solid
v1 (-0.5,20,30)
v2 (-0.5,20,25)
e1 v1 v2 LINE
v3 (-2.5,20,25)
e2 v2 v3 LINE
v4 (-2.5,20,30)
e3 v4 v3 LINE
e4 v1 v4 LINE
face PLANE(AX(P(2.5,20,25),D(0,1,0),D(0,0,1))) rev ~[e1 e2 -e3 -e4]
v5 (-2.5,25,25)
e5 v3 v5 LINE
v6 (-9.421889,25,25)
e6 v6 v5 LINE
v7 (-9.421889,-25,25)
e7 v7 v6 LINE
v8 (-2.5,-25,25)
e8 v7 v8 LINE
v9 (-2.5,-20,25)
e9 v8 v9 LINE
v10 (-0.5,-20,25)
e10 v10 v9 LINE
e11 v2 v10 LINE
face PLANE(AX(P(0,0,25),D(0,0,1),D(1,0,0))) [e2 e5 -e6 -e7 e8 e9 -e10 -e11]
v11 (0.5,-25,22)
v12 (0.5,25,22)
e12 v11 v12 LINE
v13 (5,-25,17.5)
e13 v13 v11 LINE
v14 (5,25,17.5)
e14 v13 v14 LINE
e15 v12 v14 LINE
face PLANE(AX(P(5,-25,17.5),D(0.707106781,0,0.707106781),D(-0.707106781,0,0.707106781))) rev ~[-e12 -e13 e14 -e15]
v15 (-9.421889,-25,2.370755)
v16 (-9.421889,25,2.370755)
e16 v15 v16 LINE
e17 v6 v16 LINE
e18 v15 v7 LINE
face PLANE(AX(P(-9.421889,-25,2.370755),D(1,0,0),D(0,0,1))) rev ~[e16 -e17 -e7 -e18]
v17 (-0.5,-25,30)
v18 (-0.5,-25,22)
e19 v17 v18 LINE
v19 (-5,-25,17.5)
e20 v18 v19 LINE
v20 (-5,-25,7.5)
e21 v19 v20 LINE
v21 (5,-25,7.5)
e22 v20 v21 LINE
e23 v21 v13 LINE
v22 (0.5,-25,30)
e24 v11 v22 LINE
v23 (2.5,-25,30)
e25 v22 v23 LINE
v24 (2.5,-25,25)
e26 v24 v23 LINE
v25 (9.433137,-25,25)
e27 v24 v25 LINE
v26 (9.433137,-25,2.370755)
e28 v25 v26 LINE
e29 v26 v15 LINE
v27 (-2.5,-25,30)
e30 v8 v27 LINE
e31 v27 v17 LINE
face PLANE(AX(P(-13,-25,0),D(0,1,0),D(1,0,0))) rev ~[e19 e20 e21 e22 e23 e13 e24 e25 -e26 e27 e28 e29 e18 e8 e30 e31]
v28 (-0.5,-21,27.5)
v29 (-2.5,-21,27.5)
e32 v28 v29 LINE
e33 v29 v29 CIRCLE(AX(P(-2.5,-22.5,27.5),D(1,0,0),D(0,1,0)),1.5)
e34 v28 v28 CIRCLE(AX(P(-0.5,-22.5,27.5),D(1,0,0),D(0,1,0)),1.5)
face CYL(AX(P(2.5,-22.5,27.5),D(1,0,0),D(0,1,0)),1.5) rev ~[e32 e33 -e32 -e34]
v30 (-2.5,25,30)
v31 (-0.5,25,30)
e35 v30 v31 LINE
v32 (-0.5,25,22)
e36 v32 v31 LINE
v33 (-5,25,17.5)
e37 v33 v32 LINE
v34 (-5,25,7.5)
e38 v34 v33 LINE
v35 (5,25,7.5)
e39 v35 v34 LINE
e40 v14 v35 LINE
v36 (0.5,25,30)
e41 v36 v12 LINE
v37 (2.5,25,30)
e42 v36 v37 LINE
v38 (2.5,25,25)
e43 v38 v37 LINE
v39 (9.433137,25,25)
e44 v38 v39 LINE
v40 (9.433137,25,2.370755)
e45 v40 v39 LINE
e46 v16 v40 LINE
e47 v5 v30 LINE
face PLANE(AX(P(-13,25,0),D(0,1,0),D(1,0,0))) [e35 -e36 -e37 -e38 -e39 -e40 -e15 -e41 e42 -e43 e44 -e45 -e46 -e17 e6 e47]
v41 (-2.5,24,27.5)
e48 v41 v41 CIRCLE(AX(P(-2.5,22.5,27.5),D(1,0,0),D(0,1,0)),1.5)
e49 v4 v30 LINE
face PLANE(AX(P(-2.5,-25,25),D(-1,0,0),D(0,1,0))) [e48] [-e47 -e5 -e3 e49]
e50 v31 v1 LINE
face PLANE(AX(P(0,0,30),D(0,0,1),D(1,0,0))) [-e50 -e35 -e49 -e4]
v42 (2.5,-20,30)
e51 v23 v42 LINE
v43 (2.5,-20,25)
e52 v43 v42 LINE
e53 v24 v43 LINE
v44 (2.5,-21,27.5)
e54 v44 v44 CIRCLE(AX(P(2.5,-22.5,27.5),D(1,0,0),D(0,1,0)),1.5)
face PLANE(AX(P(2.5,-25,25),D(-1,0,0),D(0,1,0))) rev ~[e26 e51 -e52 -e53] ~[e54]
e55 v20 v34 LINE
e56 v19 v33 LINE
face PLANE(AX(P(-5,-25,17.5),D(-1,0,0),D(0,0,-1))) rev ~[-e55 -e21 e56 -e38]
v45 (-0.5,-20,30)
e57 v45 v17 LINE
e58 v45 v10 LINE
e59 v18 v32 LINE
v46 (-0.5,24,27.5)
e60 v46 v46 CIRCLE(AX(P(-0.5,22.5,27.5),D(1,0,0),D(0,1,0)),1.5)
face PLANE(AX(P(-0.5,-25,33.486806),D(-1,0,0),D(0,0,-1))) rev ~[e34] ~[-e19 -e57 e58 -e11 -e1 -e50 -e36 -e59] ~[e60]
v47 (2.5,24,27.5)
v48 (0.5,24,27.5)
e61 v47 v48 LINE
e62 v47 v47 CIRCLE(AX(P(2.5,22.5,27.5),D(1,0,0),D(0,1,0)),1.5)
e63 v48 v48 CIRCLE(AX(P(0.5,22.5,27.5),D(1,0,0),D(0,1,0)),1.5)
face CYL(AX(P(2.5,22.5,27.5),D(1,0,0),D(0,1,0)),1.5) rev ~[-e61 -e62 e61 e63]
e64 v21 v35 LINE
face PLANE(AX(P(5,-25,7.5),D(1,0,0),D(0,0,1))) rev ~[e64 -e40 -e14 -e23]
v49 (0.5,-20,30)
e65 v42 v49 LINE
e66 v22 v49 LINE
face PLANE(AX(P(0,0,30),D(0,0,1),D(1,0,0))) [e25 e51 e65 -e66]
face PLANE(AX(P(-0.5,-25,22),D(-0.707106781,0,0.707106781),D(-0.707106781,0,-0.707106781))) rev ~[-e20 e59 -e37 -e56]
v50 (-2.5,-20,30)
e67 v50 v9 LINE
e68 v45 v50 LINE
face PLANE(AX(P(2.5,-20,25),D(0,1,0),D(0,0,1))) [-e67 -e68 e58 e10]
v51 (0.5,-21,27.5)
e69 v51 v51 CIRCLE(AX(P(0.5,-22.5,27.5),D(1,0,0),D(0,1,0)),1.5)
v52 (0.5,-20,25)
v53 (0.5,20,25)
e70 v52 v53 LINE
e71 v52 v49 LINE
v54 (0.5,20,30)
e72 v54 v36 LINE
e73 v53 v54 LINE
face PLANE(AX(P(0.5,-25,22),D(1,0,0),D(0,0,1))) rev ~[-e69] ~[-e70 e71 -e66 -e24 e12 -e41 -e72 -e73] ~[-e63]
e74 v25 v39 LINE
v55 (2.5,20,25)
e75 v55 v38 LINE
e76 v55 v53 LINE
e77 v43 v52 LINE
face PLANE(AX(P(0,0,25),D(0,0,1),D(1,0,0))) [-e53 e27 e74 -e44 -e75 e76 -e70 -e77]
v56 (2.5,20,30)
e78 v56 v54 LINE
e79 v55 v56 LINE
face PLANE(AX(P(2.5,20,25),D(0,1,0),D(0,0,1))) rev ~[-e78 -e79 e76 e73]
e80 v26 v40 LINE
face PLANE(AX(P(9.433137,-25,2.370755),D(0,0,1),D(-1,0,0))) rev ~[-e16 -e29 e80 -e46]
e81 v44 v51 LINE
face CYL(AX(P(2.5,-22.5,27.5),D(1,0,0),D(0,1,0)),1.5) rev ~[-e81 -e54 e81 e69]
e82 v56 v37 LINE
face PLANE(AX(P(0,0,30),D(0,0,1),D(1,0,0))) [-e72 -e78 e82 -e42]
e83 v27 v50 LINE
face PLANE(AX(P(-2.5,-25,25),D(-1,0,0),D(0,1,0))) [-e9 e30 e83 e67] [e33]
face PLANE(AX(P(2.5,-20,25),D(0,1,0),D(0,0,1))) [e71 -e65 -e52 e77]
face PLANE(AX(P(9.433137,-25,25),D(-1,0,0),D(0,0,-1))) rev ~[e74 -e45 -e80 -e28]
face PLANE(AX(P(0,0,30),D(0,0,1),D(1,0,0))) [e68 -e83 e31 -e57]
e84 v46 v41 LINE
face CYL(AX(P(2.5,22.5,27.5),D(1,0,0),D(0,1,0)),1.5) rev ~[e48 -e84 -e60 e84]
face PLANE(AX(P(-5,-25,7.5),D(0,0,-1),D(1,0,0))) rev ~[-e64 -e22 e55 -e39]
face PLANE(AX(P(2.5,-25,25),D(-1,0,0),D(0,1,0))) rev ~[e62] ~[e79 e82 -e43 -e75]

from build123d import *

# Parameters (mm, degrees)
F0_W     = 26
F0_H     = 50
F1_DEPTH = 25
F3_W     = 5
F3_H     = 50
F4_DEPTH = 5
F5_R     = 1.5
F6_DEPTH = 25
F2_W     = 1
F2_H     = 8.4868058562
F7_DEPTH = 77.6
F8_W     = 40
F8_H     = 5
F9_DEPTH = 25


with BuildPart() as f1:
    # F0 (on Top) → F1 (new body)
    with BuildSketch(Plane.XY):
        Rectangle(F0_W, F0_H)
    extrude(amount=F1_DEPTH)

    # F3 (on face) → F4 (join)
    with BuildSketch(Plane.XY.offset(25)):
        Rectangle(F3_W, F3_H)
    extrude(amount=F4_DEPTH)

    # F5 (on face) → F6 (cut)
    with BuildSketch(Plane.YZ.offset(2.5)):
        with Locations((-22.5, 27.5)):
            Circle(F5_R)
        with Locations((22.5, 27.5)):
            Circle(F5_R)
    extrude(amount=-F6_DEPTH, mode=Mode.SUBTRACT)

    # F2 (on face) → F7 (cut)
    with BuildSketch(Plane.XZ.offset(25)):
        Polygon((-5, 7.5), (5, 7.5), (5, 17.5), (0.5, 17.5), (-0.5, 17.5), (-5, 17.5), align=None)
        Polygon((0.5, 17.5), (5, 17.5), (0.5, 22), align=None)
        Polygon((-0.5, 22), (-5, 17.5), (-0.5, 17.5), align=None)
        with Locations((0, 29.2434029281)):
            Rectangle(F2_W, F2_H)
        Polygon((-0.5, 17.5), (0.5, 17.5), (0.5, 22), (0.5, 25), (-0.5, 25), (-0.5, 22), align=None)
        Polygon((13, 25), (9.4331367873, 25), (9.4331367873, 2.3707551882), (9.4331367873, 0), (13, 0), align=None)
        Polygon((-9.4218887389, 2.3707551882), (-9.4218887389, 25), (-13, 25), (-13, 0), (9.4331367873, 0), (9.4331367873, 2.3707551882), align=None)
    extrude(amount=-F7_DEPTH, mode=Mode.SUBTRACT)

    # F8 (on face) → F9 (cut)
    with BuildSketch(Plane.YZ.offset(2.5)):
        with Locations((0, 27.5)):
            Rectangle(F8_W, F8_H)
    extrude(amount=-F9_DEPTH, mode=Mode.SUBTRACT)


solid = f1.part
